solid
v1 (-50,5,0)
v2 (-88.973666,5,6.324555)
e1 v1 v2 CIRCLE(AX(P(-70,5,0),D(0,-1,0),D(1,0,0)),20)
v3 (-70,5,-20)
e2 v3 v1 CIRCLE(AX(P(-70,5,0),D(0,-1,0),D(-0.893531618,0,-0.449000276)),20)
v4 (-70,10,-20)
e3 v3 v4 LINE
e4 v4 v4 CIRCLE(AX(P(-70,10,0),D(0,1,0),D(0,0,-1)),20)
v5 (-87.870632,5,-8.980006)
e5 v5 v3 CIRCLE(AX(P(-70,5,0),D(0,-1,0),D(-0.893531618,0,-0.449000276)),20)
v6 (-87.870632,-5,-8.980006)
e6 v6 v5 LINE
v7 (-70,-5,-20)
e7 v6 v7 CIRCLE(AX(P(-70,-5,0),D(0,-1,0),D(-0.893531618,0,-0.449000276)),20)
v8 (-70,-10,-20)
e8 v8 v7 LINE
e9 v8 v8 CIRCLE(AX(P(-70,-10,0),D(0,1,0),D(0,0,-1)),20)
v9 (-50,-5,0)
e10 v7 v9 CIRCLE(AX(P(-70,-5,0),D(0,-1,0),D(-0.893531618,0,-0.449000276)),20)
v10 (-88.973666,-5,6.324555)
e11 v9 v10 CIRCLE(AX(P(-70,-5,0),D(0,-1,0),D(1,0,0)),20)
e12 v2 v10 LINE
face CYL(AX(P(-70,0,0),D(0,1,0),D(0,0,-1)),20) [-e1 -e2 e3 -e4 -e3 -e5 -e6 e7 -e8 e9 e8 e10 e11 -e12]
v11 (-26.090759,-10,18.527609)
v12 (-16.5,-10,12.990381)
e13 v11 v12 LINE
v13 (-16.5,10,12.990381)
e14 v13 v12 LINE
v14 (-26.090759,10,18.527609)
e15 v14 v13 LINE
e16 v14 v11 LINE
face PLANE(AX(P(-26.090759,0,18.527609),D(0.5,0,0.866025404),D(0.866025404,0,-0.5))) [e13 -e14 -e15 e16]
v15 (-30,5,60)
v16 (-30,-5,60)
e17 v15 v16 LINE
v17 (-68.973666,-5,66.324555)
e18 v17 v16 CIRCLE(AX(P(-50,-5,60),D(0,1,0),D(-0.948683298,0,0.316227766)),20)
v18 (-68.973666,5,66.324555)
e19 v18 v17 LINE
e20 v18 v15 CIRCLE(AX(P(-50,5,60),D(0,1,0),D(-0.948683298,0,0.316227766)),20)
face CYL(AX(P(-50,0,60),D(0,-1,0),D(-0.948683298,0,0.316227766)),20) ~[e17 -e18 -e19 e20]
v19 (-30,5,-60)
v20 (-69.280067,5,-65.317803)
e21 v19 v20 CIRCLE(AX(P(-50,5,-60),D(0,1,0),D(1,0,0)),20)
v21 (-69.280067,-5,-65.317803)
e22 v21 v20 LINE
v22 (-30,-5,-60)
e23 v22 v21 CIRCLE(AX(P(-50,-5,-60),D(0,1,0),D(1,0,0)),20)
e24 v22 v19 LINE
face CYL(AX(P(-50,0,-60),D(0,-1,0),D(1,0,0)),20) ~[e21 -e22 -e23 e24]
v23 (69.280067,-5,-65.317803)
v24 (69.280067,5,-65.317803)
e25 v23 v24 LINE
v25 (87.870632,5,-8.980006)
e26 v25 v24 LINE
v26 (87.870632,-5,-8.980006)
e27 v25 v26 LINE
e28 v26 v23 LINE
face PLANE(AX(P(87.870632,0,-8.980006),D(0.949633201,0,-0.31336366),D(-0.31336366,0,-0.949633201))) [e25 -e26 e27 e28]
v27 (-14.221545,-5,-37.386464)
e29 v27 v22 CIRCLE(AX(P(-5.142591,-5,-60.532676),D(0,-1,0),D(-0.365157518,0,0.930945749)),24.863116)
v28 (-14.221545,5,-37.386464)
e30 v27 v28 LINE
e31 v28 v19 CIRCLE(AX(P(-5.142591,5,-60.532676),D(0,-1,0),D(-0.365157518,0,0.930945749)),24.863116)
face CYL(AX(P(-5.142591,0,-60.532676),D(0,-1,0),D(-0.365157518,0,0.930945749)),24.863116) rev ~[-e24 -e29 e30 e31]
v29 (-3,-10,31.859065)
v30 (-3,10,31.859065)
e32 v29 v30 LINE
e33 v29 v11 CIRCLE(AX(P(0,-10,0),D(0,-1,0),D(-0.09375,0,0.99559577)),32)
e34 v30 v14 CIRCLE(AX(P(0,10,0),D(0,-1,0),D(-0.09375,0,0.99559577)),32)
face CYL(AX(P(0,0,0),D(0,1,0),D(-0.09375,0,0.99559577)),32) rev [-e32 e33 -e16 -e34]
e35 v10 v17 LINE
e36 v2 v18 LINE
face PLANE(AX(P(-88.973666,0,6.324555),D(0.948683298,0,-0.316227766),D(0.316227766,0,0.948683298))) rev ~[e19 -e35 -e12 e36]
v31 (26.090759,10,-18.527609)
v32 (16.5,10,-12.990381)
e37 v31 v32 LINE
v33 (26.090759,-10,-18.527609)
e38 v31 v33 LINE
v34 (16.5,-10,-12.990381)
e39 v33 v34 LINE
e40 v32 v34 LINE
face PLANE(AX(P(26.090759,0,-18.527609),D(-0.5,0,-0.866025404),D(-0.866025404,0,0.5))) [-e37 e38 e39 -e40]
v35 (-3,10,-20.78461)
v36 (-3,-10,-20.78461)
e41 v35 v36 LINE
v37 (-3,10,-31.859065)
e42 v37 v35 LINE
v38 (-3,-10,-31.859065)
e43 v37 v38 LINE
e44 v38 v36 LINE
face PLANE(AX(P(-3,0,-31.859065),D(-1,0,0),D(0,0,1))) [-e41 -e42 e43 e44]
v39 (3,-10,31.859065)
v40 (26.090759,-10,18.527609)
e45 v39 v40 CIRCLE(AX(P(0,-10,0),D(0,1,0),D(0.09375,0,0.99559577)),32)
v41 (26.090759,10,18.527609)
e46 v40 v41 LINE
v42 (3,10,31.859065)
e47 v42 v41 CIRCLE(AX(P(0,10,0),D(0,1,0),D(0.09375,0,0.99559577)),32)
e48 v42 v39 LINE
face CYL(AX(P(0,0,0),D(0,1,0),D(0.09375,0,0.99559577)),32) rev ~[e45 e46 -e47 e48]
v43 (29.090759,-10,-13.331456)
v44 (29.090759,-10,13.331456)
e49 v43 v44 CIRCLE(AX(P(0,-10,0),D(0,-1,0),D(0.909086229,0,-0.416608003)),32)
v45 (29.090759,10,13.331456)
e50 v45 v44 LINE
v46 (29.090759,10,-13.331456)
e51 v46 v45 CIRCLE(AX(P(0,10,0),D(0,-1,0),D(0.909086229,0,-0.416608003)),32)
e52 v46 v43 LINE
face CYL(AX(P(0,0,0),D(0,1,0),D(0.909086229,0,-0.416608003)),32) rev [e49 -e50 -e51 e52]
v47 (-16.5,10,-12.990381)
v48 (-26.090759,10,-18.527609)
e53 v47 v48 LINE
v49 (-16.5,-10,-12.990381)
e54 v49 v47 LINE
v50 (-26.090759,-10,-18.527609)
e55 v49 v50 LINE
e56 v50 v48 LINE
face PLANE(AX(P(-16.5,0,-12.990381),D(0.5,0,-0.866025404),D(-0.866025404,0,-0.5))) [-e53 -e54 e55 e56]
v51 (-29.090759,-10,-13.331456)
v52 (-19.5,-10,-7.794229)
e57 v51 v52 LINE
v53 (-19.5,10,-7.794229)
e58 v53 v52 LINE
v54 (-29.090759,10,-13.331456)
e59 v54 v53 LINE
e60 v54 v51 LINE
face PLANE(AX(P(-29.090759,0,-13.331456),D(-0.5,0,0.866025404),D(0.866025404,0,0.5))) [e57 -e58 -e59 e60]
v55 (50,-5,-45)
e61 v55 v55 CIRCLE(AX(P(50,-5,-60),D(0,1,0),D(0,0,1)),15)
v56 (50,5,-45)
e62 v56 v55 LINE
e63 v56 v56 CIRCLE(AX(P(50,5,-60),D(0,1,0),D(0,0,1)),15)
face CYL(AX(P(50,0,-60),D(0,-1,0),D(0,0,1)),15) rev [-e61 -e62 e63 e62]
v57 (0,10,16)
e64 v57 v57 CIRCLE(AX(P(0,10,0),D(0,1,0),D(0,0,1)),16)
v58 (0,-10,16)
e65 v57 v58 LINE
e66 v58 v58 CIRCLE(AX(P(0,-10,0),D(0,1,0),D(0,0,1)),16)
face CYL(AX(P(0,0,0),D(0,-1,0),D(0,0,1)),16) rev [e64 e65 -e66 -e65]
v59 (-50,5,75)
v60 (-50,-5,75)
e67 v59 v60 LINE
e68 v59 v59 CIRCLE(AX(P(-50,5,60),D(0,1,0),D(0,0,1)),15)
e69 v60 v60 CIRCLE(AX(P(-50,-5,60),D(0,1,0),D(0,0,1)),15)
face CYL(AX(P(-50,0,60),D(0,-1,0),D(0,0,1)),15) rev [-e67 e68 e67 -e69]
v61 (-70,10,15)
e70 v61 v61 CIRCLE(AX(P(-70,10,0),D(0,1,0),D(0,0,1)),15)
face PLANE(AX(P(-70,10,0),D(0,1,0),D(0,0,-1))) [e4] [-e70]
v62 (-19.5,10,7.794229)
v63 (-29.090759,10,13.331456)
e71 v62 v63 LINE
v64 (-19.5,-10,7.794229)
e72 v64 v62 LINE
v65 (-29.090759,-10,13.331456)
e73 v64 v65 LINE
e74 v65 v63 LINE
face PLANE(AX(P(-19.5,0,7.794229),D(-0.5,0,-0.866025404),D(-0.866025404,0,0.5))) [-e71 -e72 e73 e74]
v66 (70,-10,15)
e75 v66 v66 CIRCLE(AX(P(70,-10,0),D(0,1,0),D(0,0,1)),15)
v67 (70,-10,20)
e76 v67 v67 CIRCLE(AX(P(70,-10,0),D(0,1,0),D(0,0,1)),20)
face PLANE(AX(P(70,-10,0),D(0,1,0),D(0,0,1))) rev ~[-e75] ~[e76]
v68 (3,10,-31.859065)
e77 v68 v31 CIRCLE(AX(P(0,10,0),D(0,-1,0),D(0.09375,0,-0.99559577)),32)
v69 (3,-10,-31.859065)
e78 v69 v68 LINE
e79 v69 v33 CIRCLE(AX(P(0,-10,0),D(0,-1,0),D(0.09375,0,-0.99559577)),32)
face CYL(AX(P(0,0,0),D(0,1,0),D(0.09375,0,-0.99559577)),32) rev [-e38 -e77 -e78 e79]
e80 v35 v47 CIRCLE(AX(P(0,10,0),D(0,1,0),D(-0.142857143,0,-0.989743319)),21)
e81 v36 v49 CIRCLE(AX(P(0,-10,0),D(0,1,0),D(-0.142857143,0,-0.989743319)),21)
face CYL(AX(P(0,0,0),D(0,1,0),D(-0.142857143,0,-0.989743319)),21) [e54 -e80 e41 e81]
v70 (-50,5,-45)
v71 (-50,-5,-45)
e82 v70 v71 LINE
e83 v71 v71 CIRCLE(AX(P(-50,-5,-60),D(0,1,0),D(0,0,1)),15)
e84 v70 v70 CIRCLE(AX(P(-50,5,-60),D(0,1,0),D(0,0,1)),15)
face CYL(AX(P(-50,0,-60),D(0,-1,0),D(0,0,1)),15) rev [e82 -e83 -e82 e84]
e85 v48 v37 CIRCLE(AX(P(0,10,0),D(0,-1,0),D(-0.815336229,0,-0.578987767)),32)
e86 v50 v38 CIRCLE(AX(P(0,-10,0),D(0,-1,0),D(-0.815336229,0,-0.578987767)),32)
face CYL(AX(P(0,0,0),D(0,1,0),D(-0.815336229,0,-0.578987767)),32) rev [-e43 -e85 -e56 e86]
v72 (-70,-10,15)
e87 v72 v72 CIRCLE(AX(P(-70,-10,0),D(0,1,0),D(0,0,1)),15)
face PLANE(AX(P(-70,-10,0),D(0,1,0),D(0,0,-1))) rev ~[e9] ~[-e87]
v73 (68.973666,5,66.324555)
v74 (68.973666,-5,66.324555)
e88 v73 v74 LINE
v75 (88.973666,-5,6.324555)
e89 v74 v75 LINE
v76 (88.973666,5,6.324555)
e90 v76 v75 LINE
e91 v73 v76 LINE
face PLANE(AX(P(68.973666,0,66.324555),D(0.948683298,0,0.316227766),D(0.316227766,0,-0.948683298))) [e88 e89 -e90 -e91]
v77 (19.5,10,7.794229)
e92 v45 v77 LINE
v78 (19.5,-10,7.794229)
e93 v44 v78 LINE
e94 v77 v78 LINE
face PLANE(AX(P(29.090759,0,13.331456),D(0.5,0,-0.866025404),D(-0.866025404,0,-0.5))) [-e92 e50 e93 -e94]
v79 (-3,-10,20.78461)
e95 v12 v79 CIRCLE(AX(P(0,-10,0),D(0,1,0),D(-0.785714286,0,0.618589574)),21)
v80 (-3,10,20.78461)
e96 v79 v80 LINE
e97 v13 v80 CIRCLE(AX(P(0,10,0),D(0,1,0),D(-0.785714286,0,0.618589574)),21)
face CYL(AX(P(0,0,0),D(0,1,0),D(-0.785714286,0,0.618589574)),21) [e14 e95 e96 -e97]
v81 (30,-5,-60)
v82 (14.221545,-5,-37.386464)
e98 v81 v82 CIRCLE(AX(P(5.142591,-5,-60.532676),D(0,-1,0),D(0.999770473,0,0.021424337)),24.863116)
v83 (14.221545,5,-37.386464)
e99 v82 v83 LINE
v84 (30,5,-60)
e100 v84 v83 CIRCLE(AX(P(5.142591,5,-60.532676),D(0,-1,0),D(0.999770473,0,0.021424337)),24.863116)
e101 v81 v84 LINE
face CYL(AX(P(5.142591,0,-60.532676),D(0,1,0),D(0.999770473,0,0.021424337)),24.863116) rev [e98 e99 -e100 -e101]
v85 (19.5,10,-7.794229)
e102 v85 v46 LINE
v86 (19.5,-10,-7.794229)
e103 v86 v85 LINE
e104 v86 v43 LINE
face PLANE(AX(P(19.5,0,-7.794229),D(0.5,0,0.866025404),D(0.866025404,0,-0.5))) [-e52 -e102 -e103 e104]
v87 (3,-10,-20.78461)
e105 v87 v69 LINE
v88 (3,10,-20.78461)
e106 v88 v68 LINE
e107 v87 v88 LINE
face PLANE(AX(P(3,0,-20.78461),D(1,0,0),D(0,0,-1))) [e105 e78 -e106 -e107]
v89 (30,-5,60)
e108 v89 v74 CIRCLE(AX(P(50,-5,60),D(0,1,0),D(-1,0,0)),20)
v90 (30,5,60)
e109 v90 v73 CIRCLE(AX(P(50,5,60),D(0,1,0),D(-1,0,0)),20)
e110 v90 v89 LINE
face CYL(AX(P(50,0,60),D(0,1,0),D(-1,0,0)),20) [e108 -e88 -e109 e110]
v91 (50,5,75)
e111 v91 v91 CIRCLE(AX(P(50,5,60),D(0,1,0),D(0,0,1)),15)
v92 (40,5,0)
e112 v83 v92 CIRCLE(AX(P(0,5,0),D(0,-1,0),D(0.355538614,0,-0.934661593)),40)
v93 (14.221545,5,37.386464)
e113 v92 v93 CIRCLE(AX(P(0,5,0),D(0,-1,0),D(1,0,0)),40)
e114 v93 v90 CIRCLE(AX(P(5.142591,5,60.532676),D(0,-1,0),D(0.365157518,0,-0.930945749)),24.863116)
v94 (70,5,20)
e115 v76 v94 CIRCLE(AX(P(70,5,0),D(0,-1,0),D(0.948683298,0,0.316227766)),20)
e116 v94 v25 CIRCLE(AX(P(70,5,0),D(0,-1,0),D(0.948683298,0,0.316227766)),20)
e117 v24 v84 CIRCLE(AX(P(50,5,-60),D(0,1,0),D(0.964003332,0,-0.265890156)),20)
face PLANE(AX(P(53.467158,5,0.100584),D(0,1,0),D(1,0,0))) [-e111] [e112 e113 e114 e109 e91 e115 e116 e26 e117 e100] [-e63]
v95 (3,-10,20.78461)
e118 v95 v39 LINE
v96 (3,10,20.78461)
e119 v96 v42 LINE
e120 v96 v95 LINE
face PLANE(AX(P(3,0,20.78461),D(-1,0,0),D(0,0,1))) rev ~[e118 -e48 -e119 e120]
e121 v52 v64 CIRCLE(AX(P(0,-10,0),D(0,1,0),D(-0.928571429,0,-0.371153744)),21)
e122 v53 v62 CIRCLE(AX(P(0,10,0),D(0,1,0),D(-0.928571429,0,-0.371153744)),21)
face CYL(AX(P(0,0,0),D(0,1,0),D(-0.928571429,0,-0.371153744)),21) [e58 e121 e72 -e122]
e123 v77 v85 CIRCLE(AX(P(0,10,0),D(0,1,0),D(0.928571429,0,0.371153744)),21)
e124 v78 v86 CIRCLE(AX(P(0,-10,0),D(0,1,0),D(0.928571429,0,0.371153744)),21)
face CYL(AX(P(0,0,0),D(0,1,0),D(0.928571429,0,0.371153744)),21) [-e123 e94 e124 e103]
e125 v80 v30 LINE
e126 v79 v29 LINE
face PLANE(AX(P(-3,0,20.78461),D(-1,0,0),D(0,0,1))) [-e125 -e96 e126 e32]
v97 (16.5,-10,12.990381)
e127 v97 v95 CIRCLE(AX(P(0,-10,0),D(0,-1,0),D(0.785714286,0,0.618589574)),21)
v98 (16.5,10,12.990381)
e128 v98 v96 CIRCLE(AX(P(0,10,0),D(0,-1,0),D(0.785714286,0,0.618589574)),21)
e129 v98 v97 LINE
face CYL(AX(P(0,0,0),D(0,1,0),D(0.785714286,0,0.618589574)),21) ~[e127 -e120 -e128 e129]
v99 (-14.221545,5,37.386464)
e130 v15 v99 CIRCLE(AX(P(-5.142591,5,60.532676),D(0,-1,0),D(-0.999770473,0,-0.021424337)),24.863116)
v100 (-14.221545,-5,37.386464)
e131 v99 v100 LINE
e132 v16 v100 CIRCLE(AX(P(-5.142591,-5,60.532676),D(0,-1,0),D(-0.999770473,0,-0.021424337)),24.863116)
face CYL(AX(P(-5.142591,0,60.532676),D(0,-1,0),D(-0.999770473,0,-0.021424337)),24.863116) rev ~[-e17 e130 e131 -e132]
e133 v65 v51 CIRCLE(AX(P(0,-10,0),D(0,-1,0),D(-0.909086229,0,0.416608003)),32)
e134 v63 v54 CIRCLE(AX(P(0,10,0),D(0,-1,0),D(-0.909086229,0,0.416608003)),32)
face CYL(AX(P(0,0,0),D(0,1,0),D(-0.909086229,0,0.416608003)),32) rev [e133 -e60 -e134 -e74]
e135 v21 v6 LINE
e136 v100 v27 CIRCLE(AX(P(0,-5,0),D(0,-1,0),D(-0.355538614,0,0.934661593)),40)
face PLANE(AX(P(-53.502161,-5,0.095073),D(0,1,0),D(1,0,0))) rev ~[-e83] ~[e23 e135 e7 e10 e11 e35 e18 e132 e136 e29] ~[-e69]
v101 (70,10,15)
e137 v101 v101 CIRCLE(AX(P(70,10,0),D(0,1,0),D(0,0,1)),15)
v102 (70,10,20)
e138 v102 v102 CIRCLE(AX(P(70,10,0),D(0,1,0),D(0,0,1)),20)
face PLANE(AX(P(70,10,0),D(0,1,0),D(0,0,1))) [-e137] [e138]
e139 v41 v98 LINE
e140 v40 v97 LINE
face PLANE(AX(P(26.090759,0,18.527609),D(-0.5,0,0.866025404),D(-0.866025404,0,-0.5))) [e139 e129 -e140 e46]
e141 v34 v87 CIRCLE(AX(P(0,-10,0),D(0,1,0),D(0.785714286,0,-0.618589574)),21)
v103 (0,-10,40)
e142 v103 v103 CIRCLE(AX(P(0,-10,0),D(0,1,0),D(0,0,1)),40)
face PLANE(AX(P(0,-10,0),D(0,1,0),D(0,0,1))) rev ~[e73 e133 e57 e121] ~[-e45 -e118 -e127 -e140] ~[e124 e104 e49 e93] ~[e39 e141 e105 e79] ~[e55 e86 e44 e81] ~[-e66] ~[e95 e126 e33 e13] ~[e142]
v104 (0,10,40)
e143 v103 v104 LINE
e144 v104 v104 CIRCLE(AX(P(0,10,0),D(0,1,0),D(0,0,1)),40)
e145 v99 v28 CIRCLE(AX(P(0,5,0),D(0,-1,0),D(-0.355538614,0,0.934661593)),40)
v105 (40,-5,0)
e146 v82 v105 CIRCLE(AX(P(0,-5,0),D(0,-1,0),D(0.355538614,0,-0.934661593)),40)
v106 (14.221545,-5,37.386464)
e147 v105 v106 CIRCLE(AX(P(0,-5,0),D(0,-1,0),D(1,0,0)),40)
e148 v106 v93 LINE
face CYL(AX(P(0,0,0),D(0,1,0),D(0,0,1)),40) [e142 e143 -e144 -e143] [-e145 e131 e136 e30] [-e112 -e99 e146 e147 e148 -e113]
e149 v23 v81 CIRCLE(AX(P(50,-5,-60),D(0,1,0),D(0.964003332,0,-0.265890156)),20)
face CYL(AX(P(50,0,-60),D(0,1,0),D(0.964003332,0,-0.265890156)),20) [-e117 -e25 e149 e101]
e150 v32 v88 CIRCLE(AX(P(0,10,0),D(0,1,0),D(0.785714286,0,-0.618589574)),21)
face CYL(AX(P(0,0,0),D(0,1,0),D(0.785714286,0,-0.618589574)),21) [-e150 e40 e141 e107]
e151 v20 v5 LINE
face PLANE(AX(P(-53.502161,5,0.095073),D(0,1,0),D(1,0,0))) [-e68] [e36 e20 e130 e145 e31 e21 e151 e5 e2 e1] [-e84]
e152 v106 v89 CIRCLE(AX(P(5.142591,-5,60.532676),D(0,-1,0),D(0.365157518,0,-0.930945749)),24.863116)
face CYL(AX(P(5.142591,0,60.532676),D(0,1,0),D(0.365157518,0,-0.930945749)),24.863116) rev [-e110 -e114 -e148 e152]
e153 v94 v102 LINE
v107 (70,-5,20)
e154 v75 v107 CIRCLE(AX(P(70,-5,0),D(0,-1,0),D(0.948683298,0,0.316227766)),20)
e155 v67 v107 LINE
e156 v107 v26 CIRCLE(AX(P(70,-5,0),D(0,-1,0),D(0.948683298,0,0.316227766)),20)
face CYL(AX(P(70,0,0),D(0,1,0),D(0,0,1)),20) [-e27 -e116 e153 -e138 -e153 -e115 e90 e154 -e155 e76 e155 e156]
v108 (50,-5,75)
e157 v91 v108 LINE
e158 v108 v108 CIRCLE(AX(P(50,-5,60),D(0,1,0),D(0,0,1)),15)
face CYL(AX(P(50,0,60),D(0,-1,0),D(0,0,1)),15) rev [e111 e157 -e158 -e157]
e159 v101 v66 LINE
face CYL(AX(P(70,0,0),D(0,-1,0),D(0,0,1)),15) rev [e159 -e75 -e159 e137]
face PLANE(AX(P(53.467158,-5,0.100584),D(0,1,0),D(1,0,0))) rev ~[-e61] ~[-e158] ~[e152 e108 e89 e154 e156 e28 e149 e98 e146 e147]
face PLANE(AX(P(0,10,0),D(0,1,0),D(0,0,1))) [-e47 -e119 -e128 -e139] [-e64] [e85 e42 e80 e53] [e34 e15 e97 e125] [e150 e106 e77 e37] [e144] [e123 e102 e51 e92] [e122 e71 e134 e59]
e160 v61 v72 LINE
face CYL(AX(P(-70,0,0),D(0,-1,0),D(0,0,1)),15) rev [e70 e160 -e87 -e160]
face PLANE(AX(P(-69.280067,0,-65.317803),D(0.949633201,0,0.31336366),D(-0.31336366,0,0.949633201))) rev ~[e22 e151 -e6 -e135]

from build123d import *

# Parameters (mm, degrees)
SKETCH1_R             = 20
SKETCH1_R_2           = 15
BOSS_EXTRUDE4_DEPTH   = 10
SKETCH1_R_3           = 40
SKETCH1_R_4           = 16
BOSS_EXTRUDE4_2_DEPTH = 10
BOSS_EXTRUDE4_3_DEPTH = 10
SKETCH1_7_R           = 15
BOSS_EXTRUDE5_DEPTH   = 5


with BuildPart() as part:
    # Sketch1 → Boss-Extrude4 (new, symmetric)
    with BuildSketch(Plane(origin=(0, 0, 0), x_dir=(1, 0, 0), z_dir=(0, 1, 0))):
        with Locations((70, 0)):
            Circle(SKETCH1_R)
        with Locations((70, 0)):
            Circle(SKETCH1_R_2, mode=Mode.SUBTRACT)
    extrude(amount=BOSS_EXTRUDE4_DEPTH, both=True)



with BuildPart() as body_2:
    # Sketch1 → Boss-Extrude4 2 (new, symmetric)
    with BuildSketch(Plane(origin=(0, 0, 0), x_dir=(1, 0, 0), z_dir=(0, 1, 0))):
        Circle(SKETCH1_R_3)
        with BuildLine():
            ThreePointArc((-16.5, -12.990381057), (-10.5, -18.186533479), (-3, -20.784609691))
            Line((-3, -20.784609691), (-3, -31.859064644))
            ThreePointArc((-3, -31.859064644), (-16, -27.712812921), (-26.090759323, -18.527608533))
            Line((-26.090759323, -18.527608533), (-16.5, -12.990381057))
        make_face(mode=Mode.SUBTRACT)
        with BuildLine():
            Line((3, -31.859064644), (3, -20.784609691))
            ThreePointArc((3, -20.784609691), (10.5, -18.186533479), (16.5, -12.990381057))
            Line((16.5, -12.990381057), (26.090759323, -18.527608533))
            ThreePointArc((26.090759323, -18.527608533), (16, -27.712812921), (3, -31.859064644))
        make_face(mode=Mode.SUBTRACT)
        with BuildLine():
            ThreePointArc((19.5, -7.794228634), (21, 0), (19.5, 7.794228634))
            Line((19.5, 7.794228634), (29.090759323, 13.331456111))
            ThreePointArc((29.090759323, 13.331456111), (32, 0), (29.090759323, -13.331456111))
            Line((29.090759323, -13.331456111), (19.5, -7.794228634))
        make_face(mode=Mode.SUBTRACT)
        with BuildLine():
            ThreePointArc((-19.5, 7.794228634), (-21, 0), (-19.5, -7.794228634))
            Line((-19.5, -7.794228634), (-29.090759323, -13.331456111))
            ThreePointArc((-29.090759323, -13.331456111), (-32, 0), (-29.090759323, 13.331456111))
            Line((-29.090759323, 13.331456111), (-19.5, 7.794228634))
        make_face(mode=Mode.SUBTRACT)
        with BuildLine():
            ThreePointArc((-3, 20.784609691), (-10.5, 18.186533479), (-16.5, 12.990381057))
            Line((-16.5, 12.990381057), (-26.090759323, 18.527608533))
            ThreePointArc((-26.090759323, 18.527608533), (-16, 27.712812921), (-3, 31.859064644))
            Line((-3, 31.859064644), (-3, 20.784609691))
        make_face(mode=Mode.SUBTRACT)
        Circle(SKETCH1_R_4, mode=Mode.SUBTRACT)
        with BuildLine():
            ThreePointArc((16.5, 12.990381057), (10.5, 18.186533479), (3, 20.784609691))
            Line((3, 20.784609691), (3, 31.859064644))
            ThreePointArc((3, 31.859064644), (16, 27.712812921), (26.090759323, 18.527608533))
            Line((26.090759323, 18.527608533), (16.5, 12.990381057))
        make_face(mode=Mode.SUBTRACT)
    extrude(amount=BOSS_EXTRUDE4_2_DEPTH, both=True)


with BuildPart() as body_3:
    # Sketch1 → Boss-Extrude4 3 (new, symmetric)
    with BuildSketch(Plane(origin=(0, 0, 0), x_dir=(1, 0, 0), z_dir=(0, 1, 0))):
        with Locations((-70, 0)):
            Circle(SKETCH1_R)
        with Locations((-70, 0)):
            Circle(SKETCH1_R_2, mode=Mode.SUBTRACT)
    extrude(amount=BOSS_EXTRUDE4_3_DEPTH, both=True)


with BuildPart() as part_1:
    add(part.part)

    add(body_2.part)  # Boss-Extrude5 merges body 2

    add(body_3.part)  # Boss-Extrude5 merges body 3
    # Sketch1<7> → Boss-Extrude5 (add, symmetric)
    # profile 1 of 2: a face of its own
    with BuildSketch(Plane(origin=(0, 0, 0), x_dir=(1, 0, 0), z_dir=(0, 1, 0))):
        with BuildLine():
            Line((87.870632354, 8.980005528), (69.28006665, 65.317803116))
            ThreePointArc((69.28006665, 65.317803116), (47.316842625, 79.819199441), (30, 60))
            ThreePointArc((30, 60), (25.532838196, 46.305506483), (14.221544564, 37.38646373))
            ThreePointArc((14.221544564, 37.38646373), (40, 0), (14.221544564, -37.38646373))
            ThreePointArc((14.221544564, -37.38646373), (25.532838196, -46.305506483), (30, -60))
            ThreePointArc((30, -60), (46.79635514, -79.741749153), (68.973665961, -66.32455532))
            Line((68.973665961, -66.32455532), (88.973665961, -6.32455532))
            ThreePointArc((88.973665961, -6.32455532), (50.051742551, -1.437715109), (87.870632354, 8.980005528))
        make_face()
        with Locations((50, -60)):
            Circle(SKETCH1_7_R, mode=Mode.SUBTRACT)
        with Locations((50, 60)):
            Circle(SKETCH1_7_R, mode=Mode.SUBTRACT)
    # profile 2 of 2: a face of its own
    with BuildSketch(Plane(origin=(0, 0, 0), x_dir=(1, 0, 0), z_dir=(0, 1, 0))):
        with BuildLine():
            ThreePointArc((-14.221544564, -37.38646373), (-40, 0), (-14.221544564, 37.38646373))
            ThreePointArc((-14.221544564, 37.38646373), (-25.532838196, 46.305506483), (-30, 60))
            ThreePointArc((-30, 60), (-47.316842625, 79.819199441), (-69.28006665, 65.317803116))
            Line((-69.28006665, 65.317803116), (-87.870632354, 8.980005528))
            ThreePointArc((-87.870632354, 8.980005528), (-50.051742551, -1.437715109), (-88.973665961, -6.32455532))
            Line((-88.973665961, -6.32455532), (-68.973665961, -66.32455532))
            ThreePointArc((-68.973665961, -66.32455532), (-46.79635514, -79.741749153), (-30, -60))
            ThreePointArc((-30, -60), (-25.532838196, -46.305506483), (-14.221544564, -37.38646373))
        make_face()
        with Locations((-50, -60)):
            Circle(SKETCH1_7_R, mode=Mode.SUBTRACT)
        with Locations((-50, 60)):
            Circle(SKETCH1_7_R, mode=Mode.SUBTRACT)
    extrude(amount=BOSS_EXTRUDE5_DEPTH, both=True)


solid = part_1.part
